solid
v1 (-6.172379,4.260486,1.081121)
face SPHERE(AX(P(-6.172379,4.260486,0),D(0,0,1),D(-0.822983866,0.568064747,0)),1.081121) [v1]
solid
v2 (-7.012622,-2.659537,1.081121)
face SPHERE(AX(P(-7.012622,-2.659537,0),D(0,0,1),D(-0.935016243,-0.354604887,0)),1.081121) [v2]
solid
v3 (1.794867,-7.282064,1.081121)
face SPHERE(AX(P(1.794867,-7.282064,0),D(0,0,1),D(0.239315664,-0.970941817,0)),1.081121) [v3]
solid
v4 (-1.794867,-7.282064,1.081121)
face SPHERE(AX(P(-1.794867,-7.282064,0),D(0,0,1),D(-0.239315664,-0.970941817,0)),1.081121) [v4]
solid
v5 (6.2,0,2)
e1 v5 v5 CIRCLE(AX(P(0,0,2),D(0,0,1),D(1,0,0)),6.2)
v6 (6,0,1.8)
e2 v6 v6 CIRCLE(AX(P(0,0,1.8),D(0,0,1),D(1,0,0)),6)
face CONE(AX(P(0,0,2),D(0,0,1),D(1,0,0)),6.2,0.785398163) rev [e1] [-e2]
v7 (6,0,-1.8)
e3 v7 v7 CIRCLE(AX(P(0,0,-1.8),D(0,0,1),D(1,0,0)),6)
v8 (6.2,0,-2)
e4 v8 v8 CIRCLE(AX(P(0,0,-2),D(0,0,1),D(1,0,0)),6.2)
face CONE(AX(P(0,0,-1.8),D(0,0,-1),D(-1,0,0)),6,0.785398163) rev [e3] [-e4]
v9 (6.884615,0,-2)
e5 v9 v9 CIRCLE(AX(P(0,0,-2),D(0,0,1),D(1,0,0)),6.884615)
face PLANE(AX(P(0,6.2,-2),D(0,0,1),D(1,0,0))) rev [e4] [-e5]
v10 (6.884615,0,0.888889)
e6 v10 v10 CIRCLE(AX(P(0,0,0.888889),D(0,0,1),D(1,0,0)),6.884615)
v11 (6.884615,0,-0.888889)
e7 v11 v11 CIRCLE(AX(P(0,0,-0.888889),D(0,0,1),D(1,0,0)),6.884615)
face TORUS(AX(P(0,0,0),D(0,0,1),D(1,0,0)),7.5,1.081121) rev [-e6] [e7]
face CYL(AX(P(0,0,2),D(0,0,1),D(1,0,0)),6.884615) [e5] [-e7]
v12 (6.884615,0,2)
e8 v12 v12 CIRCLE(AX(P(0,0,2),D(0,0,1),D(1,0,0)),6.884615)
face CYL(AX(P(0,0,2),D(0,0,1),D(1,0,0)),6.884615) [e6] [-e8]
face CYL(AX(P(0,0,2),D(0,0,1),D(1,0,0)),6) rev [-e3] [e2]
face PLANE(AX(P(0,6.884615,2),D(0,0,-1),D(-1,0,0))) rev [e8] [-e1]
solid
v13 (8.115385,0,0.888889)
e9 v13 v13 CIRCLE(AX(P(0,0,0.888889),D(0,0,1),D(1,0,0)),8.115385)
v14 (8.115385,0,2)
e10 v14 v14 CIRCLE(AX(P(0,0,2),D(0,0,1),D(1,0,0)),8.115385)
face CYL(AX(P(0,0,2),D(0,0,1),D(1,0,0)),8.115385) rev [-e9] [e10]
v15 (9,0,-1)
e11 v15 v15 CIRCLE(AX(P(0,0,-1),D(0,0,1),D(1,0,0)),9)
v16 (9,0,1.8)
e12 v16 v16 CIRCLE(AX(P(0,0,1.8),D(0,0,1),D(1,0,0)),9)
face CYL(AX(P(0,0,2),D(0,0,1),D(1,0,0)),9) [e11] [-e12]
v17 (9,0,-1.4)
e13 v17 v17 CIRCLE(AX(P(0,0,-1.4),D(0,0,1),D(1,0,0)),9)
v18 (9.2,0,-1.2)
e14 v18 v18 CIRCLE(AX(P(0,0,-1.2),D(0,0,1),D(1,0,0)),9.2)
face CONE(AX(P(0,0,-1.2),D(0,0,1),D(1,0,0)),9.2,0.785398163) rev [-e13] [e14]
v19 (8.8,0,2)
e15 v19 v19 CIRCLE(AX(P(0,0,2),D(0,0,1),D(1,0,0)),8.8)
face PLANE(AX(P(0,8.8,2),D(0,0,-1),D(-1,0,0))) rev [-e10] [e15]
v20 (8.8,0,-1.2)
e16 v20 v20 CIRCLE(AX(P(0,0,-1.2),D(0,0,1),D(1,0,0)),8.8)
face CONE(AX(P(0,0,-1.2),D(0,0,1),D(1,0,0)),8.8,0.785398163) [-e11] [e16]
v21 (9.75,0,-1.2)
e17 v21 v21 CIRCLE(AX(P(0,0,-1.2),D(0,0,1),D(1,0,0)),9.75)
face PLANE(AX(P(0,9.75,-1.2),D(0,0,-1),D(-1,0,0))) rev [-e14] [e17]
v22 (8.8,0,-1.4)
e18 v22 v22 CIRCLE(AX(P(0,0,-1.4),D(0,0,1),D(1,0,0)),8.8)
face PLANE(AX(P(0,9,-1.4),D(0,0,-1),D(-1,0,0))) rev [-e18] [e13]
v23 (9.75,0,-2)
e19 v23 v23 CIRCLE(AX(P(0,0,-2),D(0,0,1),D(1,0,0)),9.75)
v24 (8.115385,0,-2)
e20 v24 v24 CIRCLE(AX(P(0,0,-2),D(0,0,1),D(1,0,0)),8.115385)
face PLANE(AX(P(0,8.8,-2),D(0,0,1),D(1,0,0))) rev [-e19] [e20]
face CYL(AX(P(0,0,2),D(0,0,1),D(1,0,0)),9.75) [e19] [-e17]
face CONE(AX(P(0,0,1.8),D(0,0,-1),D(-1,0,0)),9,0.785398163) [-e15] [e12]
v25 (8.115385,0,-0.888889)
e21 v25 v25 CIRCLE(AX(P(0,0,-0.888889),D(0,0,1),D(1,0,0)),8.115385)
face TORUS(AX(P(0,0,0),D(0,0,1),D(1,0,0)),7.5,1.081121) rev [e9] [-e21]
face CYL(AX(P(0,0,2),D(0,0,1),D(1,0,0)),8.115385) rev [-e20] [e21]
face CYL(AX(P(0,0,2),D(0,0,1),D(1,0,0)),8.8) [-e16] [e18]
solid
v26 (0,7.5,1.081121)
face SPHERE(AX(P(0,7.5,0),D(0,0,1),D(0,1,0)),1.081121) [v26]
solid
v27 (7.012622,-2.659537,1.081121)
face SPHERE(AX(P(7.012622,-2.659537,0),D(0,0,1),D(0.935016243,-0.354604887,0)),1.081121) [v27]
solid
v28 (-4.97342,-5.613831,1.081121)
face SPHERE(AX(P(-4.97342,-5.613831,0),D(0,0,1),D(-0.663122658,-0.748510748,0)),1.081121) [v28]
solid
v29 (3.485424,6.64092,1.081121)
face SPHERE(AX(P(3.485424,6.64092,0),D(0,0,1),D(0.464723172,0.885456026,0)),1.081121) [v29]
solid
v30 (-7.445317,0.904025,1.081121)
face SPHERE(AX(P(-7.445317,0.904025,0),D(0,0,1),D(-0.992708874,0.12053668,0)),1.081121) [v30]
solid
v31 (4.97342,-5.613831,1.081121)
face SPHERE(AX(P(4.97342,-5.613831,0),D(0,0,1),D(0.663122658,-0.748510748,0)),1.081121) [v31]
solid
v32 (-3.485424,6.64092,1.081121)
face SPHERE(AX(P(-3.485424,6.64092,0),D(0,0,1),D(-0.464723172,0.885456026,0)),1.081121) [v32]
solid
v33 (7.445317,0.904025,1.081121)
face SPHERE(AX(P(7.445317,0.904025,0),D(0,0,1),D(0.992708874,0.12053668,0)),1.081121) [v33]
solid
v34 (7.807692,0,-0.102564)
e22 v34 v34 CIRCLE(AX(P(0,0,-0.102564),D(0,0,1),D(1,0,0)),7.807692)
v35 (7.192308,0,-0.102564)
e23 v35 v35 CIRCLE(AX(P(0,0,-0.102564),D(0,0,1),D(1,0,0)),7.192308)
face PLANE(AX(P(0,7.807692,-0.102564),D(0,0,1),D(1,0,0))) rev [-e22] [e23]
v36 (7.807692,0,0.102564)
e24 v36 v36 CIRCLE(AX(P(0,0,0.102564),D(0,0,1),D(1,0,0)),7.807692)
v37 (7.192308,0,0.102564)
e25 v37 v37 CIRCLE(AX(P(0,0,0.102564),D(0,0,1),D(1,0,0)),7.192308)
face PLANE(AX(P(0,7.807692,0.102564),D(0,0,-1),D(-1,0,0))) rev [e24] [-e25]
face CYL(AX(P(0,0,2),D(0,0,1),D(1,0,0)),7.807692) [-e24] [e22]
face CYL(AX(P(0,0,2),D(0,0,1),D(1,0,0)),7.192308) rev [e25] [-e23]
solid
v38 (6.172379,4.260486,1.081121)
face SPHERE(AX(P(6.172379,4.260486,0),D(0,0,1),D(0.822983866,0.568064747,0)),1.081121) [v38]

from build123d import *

# Parameters (mm, degrees)
SKETCH6_W         = 0.205128206
SKETCH6_H         = 0.615384616
CIRPATTERN1_COUNT = 13


with BuildPart() as part:
    # Sketch1 → Revolve1 (revolve)
    with BuildSketch(Plane(origin=(0, 0, 0), x_dir=(0, 0, -1), z_dir=(1, 0, 0))):
        with BuildLine():
            Line((-1.8, 9), (-2, 8.8))
            Line((-2, 8.8), (-2, 8.115384615))
            Line((-2, 8.115384615), (-0.888888889, 8.115384615))
            ThreePointArc((-0.888888889, 8.115384615), (0, 8.581120568), (0.888888889, 8.115384615))
            Line((0.888888889, 8.115384615), (2, 8.115384615))
            Line((2, 8.115384615), (2, 8.8))
            Line((2, 8.8), (2, 9.75))
            Line((2, 9.75), (1.2, 9.75))
            Line((1.2, 9.75), (1.2, 9.2))
            Line((1.2, 9.2), (1.4, 9))
            Line((1.4, 9), (1.4, 8.8))
            Line((1.4, 8.8), (1.2, 8.8))
            Line((1.2, 8.8), (1, 9))
            Line((1, 9), (-1.8, 9))
        make_face()
    revolve(axis=Axis((0, 0, 2), (0, 0, -1)))


with BuildPart() as body_2:
    # Sketch3 → Revolve3 (revolve)
    with BuildSketch(Plane(origin=(0, 0, 0), x_dir=(0, 0, -1), z_dir=(1, 0, 0))):
        with BuildLine():
            Line((-2, 6.884615385), (-0.888888889, 6.884615385))
            ThreePointArc((-0.888888889, 6.884615385), (0, 6.418879432), (0.888888889, 6.884615385))
            Line((0.888888889, 6.884615385), (2, 6.884615385))
            Line((2, 6.884615385), (2, 6.2))
            Line((2, 6.2), (1.8, 6))
            Line((1.8, 6), (-1.8, 6))
            Line((-1.8, 6), (-2, 6.2))
            Line((-2, 6.2), (-2, 6.884615385))
        make_face()
    revolve(axis=Axis((0, 0, 2), (0, 0, -1)))


with BuildPart() as body_3:
    # Sketch6 → Revolve6 (revolve)
    with BuildSketch(Plane(origin=(0, 0, 0), x_dir=(0, 0, -1), z_dir=(1, 0, 0))):
        with Locations((0, 7.5)):
            Rectangle(SKETCH6_W, SKETCH6_H)
    revolve(axis=Axis((0, 0, 2), (0, 0, -1)))


with BuildPart() as body_4:
    # Sketch4 → Revolve4 (revolve)
    with BuildSketch(Plane(origin=(0, 0, 0), x_dir=(0, 0, -1), z_dir=(1, 0, 0))):
        with BuildLine():
            Line((-1.081120568, 7.5), (1.081120568, 7.5))
            ThreePointArc((1.081120568, 7.5), (0, 8.581120568), (-1.081120568, 7.5))
        make_face()
    revolve(axis=Axis((0, 7.5, 1.081120568), (0, 0, -1)))


with BuildPart() as cirpattern1_1:
    # CirPattern1: pattern copy
    add(body_4.part.rotate(Axis((0, 0, -2), (0, 0, 1)), 1 * 360 / CIRPATTERN1_COUNT))


with BuildPart() as cirpattern1_2:
    # CirPattern1: pattern copy
    add(body_4.part.rotate(Axis((0, 0, -2), (0, 0, 1)), 2 * 360 / CIRPATTERN1_COUNT))


with BuildPart() as cirpattern1_3:
    # CirPattern1: pattern copy
    add(body_4.part.rotate(Axis((0, 0, -2), (0, 0, 1)), 3 * 360 / CIRPATTERN1_COUNT))


with BuildPart() as cirpattern1_4:
    # CirPattern1: pattern copy
    add(body_4.part.rotate(Axis((0, 0, -2), (0, 0, 1)), 4 * 360 / CIRPATTERN1_COUNT))


with BuildPart() as cirpattern1_5:
    # CirPattern1: pattern copy
    add(body_4.part.rotate(Axis((0, 0, -2), (0, 0, 1)), 5 * 360 / CIRPATTERN1_COUNT))


with BuildPart() as cirpattern1_6:
    # CirPattern1: pattern copy
    add(body_4.part.rotate(Axis((0, 0, -2), (0, 0, 1)), 6 * 360 / CIRPATTERN1_COUNT))


with BuildPart() as cirpattern1_7:
    # CirPattern1: pattern copy
    add(body_4.part.rotate(Axis((0, 0, -2), (0, 0, 1)), 7 * 360 / CIRPATTERN1_COUNT))


with BuildPart() as cirpattern1_8:
    # CirPattern1: pattern copy
    add(body_4.part.rotate(Axis((0, 0, -2), (0, 0, 1)), 8 * 360 / CIRPATTERN1_COUNT))


with BuildPart() as cirpattern1_9:
    # CirPattern1: pattern copy
    add(body_4.part.rotate(Axis((0, 0, -2), (0, 0, 1)), 9 * 360 / CIRPATTERN1_COUNT))


with BuildPart() as cirpattern1_10:
    # CirPattern1: pattern copy
    add(body_4.part.rotate(Axis((0, 0, -2), (0, 0, 1)), 10 * 360 / CIRPATTERN1_COUNT))


with BuildPart() as cirpattern1_11:
    # CirPattern1: pattern copy
    add(body_4.part.rotate(Axis((0, 0, -2), (0, 0, 1)), 11 * 360 / CIRPATTERN1_COUNT))


with BuildPart() as cirpattern1_12:
    # CirPattern1: pattern copy
    add(body_4.part.rotate(Axis((0, 0, -2), (0, 0, 1)), 12 * 360 / CIRPATTERN1_COUNT))


solid = Compound([part.part, body_2.part, body_3.part, body_4.part, cirpattern1_1.part, cirpattern1_2.part, cirpattern1_3.part, cirpattern1_4.part, cirpattern1_5.part, cirpattern1_6.part, cirpattern1_7.part, cirpattern1_8.part, cirpattern1_9.part, cirpattern1_10.part, cirpattern1_11.part, cirpattern1_12.part])
